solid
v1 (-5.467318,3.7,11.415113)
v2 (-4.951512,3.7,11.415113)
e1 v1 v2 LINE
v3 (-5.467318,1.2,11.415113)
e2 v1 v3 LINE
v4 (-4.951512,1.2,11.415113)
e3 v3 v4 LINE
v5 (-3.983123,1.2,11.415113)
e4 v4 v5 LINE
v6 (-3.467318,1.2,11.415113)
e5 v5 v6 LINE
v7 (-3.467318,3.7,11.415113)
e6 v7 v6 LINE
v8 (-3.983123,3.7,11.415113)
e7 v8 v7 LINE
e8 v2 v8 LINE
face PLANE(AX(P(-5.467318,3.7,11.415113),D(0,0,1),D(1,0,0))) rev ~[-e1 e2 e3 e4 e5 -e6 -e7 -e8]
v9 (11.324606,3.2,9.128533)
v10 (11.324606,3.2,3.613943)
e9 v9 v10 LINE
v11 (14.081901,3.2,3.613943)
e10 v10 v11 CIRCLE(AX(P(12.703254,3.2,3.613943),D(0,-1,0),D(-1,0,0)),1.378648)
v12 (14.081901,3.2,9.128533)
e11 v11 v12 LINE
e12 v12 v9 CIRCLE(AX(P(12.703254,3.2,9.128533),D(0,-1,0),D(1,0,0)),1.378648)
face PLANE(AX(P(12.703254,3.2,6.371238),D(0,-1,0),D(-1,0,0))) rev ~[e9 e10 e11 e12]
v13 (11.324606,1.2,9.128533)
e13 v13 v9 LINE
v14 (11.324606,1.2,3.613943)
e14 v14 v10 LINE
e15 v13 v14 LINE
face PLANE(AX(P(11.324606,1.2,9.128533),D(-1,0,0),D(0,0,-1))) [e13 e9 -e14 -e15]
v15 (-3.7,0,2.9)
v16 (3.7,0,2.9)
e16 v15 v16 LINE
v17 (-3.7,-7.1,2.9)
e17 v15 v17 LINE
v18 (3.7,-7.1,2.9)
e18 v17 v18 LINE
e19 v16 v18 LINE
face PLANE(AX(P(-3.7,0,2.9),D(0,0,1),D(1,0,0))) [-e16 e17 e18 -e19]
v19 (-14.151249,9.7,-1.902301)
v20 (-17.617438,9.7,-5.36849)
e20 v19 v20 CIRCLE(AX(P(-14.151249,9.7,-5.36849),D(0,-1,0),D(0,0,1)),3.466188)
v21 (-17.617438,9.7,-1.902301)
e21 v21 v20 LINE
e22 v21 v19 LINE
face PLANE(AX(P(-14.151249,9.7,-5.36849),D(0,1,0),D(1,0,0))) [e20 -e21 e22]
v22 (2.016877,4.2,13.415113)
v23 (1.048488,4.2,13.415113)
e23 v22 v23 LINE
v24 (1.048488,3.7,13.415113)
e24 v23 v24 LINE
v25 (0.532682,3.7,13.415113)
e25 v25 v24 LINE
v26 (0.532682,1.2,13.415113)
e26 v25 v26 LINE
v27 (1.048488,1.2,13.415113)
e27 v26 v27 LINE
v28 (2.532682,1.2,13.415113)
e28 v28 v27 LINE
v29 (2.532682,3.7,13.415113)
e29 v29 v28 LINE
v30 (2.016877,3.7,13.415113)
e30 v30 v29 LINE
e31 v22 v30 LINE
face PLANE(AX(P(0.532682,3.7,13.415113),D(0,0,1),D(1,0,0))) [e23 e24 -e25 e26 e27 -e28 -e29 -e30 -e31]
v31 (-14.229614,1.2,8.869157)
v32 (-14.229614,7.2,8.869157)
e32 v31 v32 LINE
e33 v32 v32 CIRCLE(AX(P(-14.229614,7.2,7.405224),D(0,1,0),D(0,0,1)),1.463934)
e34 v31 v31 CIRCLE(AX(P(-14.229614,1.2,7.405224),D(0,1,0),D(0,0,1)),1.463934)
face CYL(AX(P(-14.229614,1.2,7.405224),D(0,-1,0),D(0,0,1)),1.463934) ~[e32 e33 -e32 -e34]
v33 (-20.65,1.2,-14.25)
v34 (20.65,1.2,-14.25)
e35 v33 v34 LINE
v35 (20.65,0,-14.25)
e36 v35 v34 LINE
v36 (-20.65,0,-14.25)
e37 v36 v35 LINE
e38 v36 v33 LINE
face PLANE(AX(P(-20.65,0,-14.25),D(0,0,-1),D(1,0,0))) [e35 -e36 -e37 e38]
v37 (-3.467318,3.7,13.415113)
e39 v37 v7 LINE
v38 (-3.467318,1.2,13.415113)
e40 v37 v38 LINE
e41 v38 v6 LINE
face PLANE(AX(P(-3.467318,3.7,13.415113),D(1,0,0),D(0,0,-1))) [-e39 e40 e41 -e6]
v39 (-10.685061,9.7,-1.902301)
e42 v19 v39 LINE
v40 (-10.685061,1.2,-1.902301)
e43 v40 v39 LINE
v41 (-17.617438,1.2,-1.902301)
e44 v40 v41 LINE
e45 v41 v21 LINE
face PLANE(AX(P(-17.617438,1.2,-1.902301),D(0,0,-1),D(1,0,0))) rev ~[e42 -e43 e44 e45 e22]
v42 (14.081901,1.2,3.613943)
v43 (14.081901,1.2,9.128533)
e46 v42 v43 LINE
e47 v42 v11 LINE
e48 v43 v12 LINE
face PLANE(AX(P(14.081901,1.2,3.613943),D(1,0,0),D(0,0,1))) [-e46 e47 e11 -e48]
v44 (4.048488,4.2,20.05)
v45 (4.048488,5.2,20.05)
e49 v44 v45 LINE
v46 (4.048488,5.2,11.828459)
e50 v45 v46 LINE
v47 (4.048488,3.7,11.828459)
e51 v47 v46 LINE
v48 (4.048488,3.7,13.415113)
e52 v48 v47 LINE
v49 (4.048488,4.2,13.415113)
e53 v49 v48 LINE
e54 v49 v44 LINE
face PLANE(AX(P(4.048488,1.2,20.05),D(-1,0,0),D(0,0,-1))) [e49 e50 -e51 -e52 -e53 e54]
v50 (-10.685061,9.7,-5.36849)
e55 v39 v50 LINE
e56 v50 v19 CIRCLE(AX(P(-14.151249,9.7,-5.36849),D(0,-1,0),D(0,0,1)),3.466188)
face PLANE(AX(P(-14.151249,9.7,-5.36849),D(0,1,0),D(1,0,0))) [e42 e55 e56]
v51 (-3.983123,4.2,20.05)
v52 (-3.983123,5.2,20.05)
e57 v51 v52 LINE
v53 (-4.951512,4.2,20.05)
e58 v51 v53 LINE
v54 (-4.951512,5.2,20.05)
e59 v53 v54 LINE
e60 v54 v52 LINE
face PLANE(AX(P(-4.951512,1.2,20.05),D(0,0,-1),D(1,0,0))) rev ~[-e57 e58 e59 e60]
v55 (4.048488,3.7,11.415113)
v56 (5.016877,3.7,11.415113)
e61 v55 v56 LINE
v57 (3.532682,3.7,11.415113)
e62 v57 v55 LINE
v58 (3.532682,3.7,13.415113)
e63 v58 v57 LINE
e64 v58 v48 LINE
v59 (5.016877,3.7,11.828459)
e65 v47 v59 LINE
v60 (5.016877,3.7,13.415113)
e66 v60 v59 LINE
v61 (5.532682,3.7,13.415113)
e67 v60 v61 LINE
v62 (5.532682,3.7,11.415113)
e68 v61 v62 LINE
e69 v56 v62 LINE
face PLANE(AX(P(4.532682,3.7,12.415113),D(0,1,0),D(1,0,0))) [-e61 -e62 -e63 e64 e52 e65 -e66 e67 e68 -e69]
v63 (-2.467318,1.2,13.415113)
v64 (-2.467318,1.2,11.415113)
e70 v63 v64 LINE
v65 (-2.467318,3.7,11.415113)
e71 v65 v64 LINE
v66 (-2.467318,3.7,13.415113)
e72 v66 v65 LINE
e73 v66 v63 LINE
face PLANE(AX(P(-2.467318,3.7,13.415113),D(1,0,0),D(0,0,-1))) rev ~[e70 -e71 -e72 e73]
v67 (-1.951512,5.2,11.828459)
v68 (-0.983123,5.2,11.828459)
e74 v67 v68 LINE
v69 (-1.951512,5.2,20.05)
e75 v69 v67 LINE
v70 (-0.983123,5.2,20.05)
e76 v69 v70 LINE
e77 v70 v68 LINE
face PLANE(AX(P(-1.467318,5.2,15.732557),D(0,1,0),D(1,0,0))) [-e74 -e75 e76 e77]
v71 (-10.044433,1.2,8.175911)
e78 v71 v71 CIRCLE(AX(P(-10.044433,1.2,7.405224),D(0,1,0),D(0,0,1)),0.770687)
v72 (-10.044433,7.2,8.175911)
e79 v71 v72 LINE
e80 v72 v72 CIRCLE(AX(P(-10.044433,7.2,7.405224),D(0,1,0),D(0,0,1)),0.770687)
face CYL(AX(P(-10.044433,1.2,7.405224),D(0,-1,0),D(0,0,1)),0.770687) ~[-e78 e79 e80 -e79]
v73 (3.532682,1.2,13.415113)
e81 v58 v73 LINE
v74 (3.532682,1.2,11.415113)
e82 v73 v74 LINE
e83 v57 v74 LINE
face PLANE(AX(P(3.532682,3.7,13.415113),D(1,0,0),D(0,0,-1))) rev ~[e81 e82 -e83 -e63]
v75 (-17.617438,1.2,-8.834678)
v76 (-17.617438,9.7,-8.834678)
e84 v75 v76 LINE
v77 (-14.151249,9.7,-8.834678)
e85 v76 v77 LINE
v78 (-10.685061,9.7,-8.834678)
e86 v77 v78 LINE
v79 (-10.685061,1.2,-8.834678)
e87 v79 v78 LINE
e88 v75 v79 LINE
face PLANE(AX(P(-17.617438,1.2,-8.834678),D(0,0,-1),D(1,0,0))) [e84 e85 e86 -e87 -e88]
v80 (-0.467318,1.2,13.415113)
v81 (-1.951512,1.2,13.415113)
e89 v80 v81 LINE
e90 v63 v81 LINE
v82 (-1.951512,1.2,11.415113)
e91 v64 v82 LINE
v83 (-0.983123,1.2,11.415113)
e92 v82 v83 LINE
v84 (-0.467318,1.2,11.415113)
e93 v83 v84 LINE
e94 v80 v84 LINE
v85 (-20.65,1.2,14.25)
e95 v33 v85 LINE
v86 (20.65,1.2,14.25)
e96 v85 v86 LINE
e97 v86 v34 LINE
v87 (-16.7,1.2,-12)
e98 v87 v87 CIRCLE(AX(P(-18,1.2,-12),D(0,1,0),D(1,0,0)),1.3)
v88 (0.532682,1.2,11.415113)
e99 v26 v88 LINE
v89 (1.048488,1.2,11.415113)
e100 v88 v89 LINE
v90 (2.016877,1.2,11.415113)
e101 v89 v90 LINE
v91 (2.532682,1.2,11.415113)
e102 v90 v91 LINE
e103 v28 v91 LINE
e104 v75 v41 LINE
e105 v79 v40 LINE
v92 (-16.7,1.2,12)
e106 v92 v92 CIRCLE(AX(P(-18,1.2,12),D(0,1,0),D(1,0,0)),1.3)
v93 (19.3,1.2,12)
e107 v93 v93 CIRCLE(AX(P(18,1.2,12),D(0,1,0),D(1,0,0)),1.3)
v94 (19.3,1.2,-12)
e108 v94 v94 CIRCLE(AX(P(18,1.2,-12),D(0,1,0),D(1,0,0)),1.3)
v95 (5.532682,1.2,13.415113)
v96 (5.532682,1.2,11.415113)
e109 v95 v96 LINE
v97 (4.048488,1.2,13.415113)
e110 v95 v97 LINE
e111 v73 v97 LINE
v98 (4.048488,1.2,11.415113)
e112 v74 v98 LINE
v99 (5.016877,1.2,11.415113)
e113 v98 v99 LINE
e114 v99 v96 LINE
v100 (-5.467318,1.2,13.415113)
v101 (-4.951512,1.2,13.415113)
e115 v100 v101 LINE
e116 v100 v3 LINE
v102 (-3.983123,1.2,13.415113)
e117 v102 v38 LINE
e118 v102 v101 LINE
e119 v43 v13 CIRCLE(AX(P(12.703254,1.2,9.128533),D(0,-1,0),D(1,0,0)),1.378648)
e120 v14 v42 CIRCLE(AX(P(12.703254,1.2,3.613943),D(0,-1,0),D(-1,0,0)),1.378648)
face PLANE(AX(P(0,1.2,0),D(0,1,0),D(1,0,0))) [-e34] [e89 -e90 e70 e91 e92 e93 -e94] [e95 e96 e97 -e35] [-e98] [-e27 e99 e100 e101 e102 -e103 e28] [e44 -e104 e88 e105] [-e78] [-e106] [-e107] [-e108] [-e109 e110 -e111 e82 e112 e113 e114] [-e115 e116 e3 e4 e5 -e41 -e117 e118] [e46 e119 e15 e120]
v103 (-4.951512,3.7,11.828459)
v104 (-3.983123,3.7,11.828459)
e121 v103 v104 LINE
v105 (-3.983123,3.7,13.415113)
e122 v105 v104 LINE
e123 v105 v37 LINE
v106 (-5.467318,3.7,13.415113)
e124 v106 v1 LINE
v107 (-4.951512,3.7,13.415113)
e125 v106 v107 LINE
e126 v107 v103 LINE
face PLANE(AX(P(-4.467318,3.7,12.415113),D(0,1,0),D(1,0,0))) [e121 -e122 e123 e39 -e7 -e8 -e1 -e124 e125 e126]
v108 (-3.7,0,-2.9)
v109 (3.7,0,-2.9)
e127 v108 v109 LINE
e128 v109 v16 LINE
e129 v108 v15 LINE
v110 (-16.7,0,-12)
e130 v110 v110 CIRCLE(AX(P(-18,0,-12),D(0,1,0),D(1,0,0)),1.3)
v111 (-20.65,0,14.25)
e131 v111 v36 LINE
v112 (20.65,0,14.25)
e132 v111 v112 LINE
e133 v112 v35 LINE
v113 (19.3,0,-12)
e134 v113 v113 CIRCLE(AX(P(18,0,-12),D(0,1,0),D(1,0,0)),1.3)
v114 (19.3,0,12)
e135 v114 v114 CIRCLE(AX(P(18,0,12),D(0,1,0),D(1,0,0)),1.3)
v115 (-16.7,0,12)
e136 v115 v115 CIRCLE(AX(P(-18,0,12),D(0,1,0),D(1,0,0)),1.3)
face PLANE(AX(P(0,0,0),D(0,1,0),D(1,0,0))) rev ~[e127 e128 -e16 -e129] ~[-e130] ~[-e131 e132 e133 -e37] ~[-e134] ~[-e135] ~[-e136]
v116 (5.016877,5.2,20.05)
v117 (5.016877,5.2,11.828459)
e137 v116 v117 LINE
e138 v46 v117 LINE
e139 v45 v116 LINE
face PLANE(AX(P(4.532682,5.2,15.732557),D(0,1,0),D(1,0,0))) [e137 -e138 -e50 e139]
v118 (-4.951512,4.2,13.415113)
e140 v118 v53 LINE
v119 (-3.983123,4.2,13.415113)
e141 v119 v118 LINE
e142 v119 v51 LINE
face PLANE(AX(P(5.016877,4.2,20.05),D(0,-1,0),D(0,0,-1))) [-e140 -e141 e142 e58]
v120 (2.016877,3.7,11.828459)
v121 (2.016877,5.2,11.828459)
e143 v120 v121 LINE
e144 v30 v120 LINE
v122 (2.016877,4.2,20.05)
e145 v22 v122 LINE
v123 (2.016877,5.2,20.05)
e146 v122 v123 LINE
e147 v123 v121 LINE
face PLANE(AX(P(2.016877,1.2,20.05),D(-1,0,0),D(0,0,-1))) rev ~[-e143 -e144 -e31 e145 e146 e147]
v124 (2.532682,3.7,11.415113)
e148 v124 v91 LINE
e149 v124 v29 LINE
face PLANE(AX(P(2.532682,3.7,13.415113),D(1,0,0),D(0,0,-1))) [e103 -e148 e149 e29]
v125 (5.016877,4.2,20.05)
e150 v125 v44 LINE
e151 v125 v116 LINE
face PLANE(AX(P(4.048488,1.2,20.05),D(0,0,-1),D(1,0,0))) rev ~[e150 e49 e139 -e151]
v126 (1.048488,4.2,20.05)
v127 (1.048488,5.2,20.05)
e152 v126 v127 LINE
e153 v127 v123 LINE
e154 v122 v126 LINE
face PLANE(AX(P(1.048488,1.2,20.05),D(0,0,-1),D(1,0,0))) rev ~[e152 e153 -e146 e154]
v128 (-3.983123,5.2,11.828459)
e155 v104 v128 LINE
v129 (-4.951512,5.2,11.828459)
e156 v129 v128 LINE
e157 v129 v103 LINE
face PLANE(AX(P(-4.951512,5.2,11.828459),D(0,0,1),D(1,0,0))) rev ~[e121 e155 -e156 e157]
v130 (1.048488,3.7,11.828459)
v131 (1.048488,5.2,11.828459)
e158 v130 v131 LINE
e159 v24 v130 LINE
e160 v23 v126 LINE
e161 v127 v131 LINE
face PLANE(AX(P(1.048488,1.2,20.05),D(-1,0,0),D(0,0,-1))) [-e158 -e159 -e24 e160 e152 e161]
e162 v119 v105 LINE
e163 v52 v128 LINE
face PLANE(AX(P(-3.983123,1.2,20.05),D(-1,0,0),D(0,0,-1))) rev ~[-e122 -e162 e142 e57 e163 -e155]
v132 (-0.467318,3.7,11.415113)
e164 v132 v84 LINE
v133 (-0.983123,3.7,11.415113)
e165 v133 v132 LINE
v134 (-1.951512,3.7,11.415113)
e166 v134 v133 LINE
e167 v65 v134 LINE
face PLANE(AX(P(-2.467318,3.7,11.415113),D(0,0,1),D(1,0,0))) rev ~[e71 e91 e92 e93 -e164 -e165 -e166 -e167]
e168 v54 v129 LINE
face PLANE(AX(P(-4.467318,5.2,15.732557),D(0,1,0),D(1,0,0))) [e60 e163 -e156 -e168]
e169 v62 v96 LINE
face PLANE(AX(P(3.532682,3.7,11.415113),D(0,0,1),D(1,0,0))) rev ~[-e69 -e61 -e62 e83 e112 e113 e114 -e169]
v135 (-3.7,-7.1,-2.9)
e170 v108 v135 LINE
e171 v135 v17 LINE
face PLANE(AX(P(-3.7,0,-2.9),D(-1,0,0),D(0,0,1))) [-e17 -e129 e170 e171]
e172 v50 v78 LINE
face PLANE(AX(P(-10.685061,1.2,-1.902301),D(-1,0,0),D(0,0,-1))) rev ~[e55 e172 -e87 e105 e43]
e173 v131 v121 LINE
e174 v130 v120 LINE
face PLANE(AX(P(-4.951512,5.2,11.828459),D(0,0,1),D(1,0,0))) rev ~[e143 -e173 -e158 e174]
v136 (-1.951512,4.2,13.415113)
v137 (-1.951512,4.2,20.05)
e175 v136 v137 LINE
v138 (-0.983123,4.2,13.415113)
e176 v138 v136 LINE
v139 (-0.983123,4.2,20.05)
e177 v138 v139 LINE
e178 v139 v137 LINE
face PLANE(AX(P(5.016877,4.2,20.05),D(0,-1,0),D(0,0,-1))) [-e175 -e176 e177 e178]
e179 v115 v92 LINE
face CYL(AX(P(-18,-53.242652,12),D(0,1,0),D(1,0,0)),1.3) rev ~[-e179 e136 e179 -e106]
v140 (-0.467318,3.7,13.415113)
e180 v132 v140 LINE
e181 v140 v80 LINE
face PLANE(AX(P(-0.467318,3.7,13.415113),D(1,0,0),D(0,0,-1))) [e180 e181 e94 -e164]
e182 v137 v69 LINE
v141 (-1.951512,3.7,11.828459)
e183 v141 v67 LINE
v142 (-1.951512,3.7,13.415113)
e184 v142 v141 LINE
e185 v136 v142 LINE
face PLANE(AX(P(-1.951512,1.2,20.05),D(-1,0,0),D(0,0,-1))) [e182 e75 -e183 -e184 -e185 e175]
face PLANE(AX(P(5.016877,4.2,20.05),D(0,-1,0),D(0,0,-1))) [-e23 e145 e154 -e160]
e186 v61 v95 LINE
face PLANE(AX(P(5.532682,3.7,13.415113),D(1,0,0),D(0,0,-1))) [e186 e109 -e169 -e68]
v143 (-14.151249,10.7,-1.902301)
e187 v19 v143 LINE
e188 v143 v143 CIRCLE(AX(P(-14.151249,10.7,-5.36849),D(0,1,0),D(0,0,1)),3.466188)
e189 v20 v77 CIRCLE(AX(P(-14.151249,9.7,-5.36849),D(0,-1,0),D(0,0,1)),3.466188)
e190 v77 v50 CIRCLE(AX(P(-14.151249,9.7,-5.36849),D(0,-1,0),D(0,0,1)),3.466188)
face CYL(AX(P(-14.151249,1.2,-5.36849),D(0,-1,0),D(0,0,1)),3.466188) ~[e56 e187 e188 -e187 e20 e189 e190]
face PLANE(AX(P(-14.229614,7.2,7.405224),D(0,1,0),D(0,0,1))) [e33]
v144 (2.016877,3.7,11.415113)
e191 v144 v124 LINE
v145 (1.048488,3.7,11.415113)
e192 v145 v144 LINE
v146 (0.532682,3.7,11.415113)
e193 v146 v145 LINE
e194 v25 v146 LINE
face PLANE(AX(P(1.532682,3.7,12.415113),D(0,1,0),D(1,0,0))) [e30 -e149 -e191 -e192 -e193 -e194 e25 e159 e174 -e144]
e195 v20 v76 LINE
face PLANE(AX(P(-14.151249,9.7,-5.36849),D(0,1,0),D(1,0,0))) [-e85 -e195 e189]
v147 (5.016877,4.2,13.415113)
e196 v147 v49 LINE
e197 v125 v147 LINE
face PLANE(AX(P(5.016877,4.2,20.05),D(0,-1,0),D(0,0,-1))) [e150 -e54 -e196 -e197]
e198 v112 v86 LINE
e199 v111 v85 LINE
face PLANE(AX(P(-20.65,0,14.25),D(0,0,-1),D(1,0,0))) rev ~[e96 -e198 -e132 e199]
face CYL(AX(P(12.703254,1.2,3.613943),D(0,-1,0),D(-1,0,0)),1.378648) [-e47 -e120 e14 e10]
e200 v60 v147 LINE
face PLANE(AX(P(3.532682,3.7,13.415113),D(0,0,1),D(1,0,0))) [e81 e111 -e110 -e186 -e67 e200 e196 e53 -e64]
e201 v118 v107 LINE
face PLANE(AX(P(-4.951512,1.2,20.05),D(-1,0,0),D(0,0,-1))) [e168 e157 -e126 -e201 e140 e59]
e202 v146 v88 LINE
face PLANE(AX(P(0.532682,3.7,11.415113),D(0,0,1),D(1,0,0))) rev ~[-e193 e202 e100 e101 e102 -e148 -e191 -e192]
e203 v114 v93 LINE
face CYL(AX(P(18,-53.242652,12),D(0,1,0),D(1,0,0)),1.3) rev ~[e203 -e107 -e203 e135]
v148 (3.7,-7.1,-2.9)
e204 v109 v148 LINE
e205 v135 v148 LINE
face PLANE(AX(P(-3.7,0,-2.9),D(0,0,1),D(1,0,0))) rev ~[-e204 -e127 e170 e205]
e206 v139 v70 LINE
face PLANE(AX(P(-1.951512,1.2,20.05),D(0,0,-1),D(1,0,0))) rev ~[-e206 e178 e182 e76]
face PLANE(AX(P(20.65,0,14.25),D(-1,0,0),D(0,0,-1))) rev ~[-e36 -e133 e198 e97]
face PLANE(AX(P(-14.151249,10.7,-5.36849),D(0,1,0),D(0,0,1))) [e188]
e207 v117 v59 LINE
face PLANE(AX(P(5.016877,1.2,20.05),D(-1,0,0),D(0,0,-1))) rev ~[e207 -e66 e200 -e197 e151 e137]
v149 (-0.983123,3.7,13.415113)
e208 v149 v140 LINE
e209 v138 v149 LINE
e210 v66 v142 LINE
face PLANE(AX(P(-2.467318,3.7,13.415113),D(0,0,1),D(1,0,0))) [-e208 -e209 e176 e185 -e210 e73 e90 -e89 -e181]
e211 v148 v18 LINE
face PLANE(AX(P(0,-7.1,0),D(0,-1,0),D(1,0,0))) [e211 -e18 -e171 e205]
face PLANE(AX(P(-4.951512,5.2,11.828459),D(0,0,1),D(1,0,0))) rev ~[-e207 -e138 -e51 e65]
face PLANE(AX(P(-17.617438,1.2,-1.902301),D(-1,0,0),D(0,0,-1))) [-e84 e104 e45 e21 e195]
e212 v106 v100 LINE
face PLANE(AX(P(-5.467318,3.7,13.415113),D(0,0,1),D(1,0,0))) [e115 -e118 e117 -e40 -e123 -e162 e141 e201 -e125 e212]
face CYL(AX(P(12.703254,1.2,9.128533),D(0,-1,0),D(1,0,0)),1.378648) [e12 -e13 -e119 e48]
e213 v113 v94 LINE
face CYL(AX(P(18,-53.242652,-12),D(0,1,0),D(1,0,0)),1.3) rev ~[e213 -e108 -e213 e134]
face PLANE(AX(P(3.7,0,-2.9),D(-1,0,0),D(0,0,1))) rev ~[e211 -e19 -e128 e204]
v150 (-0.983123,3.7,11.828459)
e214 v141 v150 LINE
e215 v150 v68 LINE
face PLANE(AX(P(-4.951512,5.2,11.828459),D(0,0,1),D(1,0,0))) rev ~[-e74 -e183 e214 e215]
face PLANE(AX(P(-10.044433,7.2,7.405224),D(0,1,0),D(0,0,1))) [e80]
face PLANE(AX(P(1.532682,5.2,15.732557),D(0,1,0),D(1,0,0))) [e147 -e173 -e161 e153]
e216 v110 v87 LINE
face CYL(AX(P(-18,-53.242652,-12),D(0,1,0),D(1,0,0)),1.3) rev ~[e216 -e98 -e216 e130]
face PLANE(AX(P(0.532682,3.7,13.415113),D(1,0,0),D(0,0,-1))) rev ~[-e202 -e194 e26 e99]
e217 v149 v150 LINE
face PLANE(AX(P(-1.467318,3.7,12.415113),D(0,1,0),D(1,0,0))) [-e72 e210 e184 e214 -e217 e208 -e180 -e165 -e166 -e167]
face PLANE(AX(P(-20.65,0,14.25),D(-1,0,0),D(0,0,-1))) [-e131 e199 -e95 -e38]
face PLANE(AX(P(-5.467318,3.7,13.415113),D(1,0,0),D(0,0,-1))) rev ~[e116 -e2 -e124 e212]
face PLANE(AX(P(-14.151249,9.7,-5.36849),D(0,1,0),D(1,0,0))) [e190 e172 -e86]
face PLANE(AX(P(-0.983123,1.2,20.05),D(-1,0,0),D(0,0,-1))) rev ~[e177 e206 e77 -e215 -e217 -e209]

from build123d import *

# Parameters (mm, degrees)
SKETCH_1_W          = 41.3
SKETCH_1_H          = 28.5
EXTRUDE_1_DEPTH     = 1.2
SKETCH_2_R          = 3.466188446
EXTRUDE_2_DEPTH     = 9.5
SKETCH_3_W          = 7.4
SKETCH_3_H          = 5.8
EXTRUDE_3_DEPTH     = 7.1
HOLE_WIZARD_M2_1_D  = 2.6
SKETCH_6_W          = 0.968388925
SKETCH_6_H          = 8.634886507
EXTRUDE_4_DEPTH     = 4
SKETCH_7_W          = 6.634886507
SKETCH_7_H          = 3
CUT_EXTRUDE_1_DEPTH = 35.282372501
EXTRUDE_START       = -9.5
SKETCH_8_W          = 6.932376893
SKETCH_8_H          = 6.932376892
EXTRUDE_5_DEPTH     = 8.5
SKETCH_9_R          = 1.463933671
SKETCH_9_R_2        = 0.77068749
EXTRUDE_6_DEPTH     = 6
EXTRUDE_7_DEPTH     = 2
EXTRUDE_START_2     = -1.5
SKETCH_11_W         = 2
SKETCH_11_H         = 2
EXTRUDE_8_DEPTH     = 2.5
SKETCH_12_W         = 9.968388925
SKETCH_12_H         = 0.413345803
CUT_EXTRUDE_3_DEPTH = 1.5


with BuildPart() as part:
    # 草图1 → 凸台-拉伸1 (new body)
    with BuildSketch(Plane(origin=(0, 0, 0), x_dir=(1, 0, 0), z_dir=(0, 1, 0))):
        Rectangle(SKETCH_1_W, SKETCH_1_H)
    extrude(amount=EXTRUDE_1_DEPTH)

    # 草图2 → 凸台-拉伸2 (add)
    with BuildSketch(Plane(origin=(0, 1.2, 0), x_dir=(1, 0, 0), z_dir=(0, 1, 0))):
        with Locations(Location((-14.151249329, 5.368489825, 0), (0, 0, 270))):
            Circle(SKETCH_2_R)
    extrude(amount=EXTRUDE_2_DEPTH)

    # 草图3 → 凸台-拉伸3 (add)
    with BuildSketch(Plane.XZ):
        Rectangle(SKETCH_3_W, SKETCH_3_H)
    extrude(amount=EXTRUDE_3_DEPTH)

    # M2 间隙孔1 (through all)
    with Locations(Plane(origin=(0, 0, 0), x_dir=(-1, 0, 0), z_dir=(0, -1, 0))):
        with Locations((18, -12), (-18, -12), (-18, 12), (18, 12)):
            Hole(HOLE_WIZARD_M2_1_D / 2)

    # 草图6 → 凸台-拉伸4 (add)
    with BuildSketch(Plane(origin=(0, 1.2, 0), x_dir=(1, 0, 0), z_dir=(0, 1, 0))):
        with Locations((-4.46731767, -15.732556747)):
            Rectangle(SKETCH_6_W, SKETCH_6_H)
        with Locations((-1.46731767, -15.732556747)):
            Rectangle(SKETCH_6_W, SKETCH_6_H)
        with Locations((1.53268233, -15.732556747)):
            Rectangle(SKETCH_6_W, SKETCH_6_H)
        with Locations((4.53268233, -15.732556747)):
            Rectangle(SKETCH_6_W, SKETCH_6_H)
    extrude(amount=EXTRUDE_4_DEPTH)

    # 草图7 → 切除-拉伸1 (cut, through all)
    with BuildSketch(Plane(origin=(5.016876792, 0, 0), x_dir=(0, 0, -1), z_dir=(1, 0, 0))):
        with Locations((-16.732556747, 2.7)):
            Rectangle(SKETCH_7_W, SKETCH_7_H)
    extrude(amount=-CUT_EXTRUDE_1_DEPTH, mode=Mode.SUBTRACT)

    # 草图8 → 凸台-拉伸5 (add)
    with BuildSketch(Plane(origin=(0, 10.7, 0), x_dir=(1, 0, 0), z_dir=(0, 1, 0)).offset(EXTRUDE_START)):
        with Locations((-14.15124933, 5.368489825)):
            Rectangle(SKETCH_8_W, SKETCH_8_H)
    extrude(amount=EXTRUDE_5_DEPTH)

    # 草图9 → 凸台-拉伸6 (add)
    with BuildSketch(Plane(origin=(0, 1.2, 0), x_dir=(1, 0, 0), z_dir=(0, 1, 0))):
        with Locations(Location((-14.229613701, -7.405223715, 0), (0, 0, 270))):
            Circle(SKETCH_9_R)
        with Locations(Location((-10.0444332, -7.405223715, 0), (0, 0, 270))):
            Circle(SKETCH_9_R_2)
    extrude(amount=EXTRUDE_6_DEPTH)

    # 草图10 → 凸台-拉伸7 (add)
    with BuildSketch(Plane(origin=(0, 1.2, 0), x_dir=(1, 0, 0), z_dir=(0, 1, 0))):
        with BuildLine():
            Line((14.081901448, -3.613942556), (14.081901448, -9.128533333))
            ThreePointArc((14.081901448, -9.128533333), (12.703253753, -10.507181027), (11.324606059, -9.128533333))
            Line((11.324606059, -9.128533333), (11.324606059, -3.613942556))
            ThreePointArc((11.324606059, -3.613942556), (12.703253753, -2.235294862), (14.081901448, -3.613942556))
        make_face()
    extrude(amount=EXTRUDE_7_DEPTH)

    # 草图11 → 凸台-拉伸8 (add)
    with BuildSketch(Plane(origin=(0, 5.2, 0), x_dir=(1, 0, 0), z_dir=(0, 1, 0)).offset(EXTRUDE_START_2)):
        with Locations((-4.46731767, -12.415113493)):
            Rectangle(SKETCH_11_W, SKETCH_11_H)
        with Locations((-1.46731767, -12.415113493)):
            Rectangle(SKETCH_11_W, SKETCH_11_H)
        with Locations((4.53268233, -12.415113493)):
            Rectangle(SKETCH_11_W, SKETCH_11_H)
        with Locations((1.53268233, -12.415113493)):
            Rectangle(SKETCH_11_W, SKETCH_11_H)
    extrude(amount=-EXTRUDE_8_DEPTH)

    # 草图12 → 切除-拉伸3 (cut)
    with BuildSketch(Plane(origin=(0, 5.2, 0), x_dir=(1, 0, 0), z_dir=(0, 1, 0))):
        with Locations((0.03268233, -11.621786395)):
            Rectangle(SKETCH_12_W, SKETCH_12_H)
    extrude(amount=-CUT_EXTRUDE_3_DEPTH, mode=Mode.SUBTRACT)


solid = part.part
